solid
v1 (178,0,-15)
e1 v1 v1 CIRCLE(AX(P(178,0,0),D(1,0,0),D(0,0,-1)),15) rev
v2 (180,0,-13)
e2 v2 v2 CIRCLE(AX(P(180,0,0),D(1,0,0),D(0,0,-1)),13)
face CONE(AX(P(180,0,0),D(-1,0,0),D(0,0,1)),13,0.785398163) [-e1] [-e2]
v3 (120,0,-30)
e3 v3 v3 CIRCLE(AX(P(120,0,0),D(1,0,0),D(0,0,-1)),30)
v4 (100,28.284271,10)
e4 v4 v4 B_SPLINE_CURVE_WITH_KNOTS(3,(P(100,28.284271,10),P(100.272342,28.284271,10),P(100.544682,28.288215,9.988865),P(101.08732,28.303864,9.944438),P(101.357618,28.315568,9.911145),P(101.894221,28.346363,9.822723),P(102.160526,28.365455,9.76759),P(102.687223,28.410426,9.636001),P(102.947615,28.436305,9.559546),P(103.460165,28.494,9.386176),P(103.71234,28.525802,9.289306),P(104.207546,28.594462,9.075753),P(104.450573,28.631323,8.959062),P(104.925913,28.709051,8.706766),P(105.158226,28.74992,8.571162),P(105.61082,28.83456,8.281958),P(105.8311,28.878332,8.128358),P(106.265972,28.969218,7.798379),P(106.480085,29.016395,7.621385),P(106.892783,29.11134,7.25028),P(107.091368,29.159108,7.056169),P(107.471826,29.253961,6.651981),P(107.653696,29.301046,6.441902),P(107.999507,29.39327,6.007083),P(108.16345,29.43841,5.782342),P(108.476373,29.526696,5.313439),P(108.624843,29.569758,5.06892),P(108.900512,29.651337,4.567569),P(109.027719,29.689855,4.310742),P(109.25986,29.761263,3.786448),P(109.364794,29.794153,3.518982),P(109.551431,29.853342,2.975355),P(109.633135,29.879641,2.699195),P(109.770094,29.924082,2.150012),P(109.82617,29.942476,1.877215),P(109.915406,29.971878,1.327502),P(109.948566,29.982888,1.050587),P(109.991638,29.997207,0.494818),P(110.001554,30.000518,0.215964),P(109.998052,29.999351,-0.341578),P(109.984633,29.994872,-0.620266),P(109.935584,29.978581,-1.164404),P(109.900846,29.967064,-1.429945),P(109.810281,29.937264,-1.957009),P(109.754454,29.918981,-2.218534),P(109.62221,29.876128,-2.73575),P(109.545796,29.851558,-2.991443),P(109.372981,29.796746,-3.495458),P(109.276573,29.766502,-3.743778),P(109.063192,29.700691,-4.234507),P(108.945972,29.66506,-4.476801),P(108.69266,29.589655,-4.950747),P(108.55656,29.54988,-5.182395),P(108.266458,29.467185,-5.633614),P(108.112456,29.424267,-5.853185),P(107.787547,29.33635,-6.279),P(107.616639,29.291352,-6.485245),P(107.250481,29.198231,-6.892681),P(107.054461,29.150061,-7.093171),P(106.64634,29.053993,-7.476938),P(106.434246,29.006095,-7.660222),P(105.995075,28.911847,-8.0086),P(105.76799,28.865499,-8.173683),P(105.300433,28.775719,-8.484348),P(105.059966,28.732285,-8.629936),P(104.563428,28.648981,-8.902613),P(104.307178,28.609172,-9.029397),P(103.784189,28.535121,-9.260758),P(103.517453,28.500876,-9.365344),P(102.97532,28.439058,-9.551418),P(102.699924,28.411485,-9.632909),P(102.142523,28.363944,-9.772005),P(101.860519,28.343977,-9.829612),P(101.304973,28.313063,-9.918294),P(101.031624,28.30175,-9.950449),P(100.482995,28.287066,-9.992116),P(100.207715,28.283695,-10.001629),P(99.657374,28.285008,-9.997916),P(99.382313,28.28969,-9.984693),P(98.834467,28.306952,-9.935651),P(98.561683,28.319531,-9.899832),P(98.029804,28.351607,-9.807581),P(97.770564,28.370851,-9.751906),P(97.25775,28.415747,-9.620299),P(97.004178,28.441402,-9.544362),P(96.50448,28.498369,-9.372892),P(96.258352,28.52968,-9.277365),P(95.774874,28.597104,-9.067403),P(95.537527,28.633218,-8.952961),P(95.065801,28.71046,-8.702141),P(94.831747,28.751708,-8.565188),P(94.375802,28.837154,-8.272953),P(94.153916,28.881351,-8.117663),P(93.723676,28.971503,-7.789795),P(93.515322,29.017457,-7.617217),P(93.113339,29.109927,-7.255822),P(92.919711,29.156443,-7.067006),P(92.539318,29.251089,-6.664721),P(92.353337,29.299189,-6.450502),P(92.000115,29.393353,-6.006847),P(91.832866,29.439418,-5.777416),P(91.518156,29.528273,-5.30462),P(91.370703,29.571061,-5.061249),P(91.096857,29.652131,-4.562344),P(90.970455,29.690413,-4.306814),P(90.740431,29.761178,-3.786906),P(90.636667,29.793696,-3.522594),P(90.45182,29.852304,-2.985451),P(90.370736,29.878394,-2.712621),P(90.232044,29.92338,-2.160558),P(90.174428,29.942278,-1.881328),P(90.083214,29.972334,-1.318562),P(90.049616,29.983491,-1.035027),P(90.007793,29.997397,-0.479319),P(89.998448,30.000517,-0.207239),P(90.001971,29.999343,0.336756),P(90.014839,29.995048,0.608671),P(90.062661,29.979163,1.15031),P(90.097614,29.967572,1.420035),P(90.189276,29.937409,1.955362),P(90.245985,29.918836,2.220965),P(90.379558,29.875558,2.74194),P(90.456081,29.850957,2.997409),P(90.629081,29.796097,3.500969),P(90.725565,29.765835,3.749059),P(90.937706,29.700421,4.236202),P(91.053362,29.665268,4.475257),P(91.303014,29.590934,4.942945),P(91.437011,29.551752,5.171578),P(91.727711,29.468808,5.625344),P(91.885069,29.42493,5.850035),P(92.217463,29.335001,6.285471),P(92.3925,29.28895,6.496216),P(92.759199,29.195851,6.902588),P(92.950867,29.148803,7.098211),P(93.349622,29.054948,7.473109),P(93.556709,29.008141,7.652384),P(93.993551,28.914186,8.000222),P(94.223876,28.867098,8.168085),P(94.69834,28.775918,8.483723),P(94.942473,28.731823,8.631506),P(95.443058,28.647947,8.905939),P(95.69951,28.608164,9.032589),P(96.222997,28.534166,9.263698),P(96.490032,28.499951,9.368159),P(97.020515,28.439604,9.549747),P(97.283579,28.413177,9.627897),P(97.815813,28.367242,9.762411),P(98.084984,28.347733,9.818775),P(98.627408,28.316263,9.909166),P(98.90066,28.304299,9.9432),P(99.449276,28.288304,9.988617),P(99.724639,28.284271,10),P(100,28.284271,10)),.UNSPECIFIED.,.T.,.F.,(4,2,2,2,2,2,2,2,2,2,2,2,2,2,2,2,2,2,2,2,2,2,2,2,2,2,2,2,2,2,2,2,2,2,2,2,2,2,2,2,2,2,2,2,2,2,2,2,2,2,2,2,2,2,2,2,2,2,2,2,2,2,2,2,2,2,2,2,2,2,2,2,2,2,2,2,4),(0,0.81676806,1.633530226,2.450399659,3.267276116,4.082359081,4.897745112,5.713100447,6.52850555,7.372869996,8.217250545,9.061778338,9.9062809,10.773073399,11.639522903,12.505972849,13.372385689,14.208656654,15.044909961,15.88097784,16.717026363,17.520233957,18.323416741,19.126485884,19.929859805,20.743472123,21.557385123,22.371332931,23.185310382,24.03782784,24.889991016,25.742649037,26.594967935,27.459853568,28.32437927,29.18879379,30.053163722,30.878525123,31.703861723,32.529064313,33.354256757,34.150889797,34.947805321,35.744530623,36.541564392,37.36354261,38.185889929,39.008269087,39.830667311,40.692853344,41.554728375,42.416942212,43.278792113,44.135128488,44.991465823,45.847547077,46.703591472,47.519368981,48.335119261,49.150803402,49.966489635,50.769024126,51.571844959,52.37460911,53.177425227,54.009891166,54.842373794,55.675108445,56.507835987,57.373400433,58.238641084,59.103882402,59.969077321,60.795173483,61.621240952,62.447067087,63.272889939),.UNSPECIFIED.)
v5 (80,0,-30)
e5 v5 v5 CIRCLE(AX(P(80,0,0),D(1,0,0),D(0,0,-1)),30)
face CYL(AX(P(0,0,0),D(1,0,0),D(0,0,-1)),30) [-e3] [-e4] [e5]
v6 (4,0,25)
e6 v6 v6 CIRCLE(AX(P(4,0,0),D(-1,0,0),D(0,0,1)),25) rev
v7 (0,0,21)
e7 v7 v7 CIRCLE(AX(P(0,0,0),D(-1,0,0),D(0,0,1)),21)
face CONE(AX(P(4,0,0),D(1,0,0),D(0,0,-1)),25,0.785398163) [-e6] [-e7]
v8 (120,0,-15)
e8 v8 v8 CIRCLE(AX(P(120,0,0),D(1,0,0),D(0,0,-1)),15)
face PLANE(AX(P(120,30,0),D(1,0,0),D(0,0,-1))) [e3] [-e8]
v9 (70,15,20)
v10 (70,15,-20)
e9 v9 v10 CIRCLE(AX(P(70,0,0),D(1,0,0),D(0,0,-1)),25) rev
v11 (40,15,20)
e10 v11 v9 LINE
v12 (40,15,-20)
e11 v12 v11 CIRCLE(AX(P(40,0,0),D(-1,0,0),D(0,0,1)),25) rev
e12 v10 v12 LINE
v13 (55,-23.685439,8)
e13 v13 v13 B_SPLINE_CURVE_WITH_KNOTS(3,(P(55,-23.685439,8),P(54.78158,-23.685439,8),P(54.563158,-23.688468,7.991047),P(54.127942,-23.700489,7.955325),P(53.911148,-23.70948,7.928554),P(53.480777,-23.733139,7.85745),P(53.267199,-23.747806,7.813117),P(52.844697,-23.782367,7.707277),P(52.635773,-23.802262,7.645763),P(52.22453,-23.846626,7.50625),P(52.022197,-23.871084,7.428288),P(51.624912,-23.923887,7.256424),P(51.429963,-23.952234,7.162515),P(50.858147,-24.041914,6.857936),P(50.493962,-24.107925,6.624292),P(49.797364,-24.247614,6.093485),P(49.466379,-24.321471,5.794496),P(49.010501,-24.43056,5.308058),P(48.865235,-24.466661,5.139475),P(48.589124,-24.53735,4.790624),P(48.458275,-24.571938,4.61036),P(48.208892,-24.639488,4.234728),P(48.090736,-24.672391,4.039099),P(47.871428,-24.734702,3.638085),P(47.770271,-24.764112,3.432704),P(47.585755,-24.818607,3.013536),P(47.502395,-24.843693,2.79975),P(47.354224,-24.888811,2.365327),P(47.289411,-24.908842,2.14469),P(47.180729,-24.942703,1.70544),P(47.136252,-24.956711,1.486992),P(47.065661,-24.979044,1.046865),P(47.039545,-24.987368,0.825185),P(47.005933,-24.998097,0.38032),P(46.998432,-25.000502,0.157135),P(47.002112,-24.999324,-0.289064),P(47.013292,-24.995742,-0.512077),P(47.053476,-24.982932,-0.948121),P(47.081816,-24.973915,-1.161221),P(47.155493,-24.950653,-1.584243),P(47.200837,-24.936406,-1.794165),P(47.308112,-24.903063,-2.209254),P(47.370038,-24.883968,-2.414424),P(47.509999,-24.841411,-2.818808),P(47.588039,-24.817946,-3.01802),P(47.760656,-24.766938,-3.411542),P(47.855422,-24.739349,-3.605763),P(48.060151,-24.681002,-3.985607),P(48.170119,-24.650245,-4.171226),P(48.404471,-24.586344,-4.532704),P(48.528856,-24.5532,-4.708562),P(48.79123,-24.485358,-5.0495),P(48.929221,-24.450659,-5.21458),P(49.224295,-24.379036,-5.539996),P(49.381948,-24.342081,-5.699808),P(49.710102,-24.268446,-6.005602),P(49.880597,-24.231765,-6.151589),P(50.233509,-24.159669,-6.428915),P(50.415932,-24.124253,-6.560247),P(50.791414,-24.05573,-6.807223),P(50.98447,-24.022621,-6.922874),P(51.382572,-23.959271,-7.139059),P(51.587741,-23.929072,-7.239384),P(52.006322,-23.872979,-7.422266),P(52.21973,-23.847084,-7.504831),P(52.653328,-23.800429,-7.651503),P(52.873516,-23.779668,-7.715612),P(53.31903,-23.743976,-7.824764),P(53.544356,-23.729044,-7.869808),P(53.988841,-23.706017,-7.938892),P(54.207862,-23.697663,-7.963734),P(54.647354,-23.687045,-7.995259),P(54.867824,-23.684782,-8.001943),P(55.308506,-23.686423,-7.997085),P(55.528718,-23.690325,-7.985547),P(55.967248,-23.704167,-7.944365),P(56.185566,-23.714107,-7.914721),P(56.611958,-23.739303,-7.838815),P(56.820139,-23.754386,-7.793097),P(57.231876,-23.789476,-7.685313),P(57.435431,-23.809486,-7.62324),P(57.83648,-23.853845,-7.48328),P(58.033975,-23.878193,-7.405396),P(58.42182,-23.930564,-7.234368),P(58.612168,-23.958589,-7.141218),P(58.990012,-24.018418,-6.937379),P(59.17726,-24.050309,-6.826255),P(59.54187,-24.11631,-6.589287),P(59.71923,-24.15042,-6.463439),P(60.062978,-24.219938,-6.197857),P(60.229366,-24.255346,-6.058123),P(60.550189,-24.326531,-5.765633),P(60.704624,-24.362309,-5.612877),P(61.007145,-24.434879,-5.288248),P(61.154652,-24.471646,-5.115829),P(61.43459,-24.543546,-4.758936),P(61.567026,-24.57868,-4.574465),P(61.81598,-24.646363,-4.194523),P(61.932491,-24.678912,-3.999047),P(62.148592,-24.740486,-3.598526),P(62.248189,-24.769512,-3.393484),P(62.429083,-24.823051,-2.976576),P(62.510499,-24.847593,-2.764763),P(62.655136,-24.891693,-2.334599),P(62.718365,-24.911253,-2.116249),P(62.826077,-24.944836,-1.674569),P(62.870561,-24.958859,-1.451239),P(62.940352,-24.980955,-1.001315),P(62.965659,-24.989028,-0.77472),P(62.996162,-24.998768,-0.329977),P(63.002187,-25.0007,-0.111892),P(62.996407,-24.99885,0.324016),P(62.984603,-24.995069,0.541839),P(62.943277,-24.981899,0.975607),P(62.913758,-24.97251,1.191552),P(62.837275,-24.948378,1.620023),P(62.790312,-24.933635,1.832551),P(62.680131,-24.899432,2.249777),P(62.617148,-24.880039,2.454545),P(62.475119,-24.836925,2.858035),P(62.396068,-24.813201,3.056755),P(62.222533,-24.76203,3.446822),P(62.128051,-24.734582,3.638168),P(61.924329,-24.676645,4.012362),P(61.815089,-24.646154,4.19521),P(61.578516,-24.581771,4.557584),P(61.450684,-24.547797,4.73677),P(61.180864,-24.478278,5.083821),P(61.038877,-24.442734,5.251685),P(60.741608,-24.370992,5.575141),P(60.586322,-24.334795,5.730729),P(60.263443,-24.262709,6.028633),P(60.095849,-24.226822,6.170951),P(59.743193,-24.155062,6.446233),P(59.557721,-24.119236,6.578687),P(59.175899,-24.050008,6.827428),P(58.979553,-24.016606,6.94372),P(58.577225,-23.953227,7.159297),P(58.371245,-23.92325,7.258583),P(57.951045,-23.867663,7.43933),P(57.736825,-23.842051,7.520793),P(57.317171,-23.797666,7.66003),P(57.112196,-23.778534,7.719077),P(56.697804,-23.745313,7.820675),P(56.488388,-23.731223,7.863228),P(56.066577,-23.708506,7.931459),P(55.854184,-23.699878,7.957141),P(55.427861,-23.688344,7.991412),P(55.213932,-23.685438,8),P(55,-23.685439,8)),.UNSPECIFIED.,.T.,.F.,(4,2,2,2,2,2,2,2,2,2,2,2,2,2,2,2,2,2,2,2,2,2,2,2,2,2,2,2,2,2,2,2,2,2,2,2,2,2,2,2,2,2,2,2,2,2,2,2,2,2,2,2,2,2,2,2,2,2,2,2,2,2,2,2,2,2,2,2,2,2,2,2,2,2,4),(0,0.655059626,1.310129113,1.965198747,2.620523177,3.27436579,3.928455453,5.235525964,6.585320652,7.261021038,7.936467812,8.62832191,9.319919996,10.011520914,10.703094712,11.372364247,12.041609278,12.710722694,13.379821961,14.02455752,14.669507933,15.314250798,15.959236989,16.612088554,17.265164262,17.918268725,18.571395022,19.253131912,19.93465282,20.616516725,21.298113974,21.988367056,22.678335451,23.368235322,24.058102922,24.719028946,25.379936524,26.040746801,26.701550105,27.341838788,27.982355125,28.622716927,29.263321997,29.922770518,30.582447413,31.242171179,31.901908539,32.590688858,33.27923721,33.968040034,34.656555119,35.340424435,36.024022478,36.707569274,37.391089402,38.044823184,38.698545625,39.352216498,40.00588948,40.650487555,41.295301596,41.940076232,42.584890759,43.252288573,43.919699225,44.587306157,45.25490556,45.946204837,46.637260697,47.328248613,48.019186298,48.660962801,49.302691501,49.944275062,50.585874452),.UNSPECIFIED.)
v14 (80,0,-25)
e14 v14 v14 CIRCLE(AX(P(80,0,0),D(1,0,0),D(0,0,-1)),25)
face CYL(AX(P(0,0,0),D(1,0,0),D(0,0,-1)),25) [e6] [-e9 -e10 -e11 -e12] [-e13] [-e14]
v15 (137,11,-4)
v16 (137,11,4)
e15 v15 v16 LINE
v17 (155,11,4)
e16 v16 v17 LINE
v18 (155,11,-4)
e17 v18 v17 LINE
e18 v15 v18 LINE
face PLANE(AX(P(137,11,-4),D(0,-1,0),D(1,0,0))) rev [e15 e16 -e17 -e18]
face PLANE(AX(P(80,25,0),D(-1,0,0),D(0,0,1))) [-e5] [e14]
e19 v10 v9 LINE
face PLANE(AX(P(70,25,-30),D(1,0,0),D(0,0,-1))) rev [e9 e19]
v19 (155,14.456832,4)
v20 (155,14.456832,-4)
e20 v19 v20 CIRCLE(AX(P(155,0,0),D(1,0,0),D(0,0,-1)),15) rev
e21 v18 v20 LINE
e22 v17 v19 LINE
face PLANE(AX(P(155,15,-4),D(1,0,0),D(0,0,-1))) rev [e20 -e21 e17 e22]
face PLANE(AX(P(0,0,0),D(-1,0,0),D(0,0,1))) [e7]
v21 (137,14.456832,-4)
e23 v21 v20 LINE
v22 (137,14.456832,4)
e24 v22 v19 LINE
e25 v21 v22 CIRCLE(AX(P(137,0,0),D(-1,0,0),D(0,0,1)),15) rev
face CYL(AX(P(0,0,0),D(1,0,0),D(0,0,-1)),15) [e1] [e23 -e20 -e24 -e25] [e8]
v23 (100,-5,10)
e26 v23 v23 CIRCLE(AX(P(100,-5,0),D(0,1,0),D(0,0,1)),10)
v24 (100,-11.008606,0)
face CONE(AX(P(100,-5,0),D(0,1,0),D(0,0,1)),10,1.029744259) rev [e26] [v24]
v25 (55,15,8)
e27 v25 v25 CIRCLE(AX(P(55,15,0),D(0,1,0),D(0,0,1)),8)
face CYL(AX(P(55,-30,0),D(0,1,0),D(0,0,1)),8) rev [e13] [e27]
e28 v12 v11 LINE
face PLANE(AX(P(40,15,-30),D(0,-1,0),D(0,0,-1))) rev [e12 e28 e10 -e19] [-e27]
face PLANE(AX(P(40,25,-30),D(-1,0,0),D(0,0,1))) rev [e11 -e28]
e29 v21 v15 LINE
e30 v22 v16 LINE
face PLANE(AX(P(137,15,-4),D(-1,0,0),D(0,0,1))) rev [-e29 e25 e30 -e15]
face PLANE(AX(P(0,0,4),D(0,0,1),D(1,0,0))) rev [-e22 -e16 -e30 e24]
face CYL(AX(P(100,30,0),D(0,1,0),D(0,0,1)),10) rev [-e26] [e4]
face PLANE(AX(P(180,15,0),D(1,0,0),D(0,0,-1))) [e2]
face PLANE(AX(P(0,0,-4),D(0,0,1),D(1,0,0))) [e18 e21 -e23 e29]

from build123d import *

# Parameters (mm, degrees)
CUT_EXTRUDE_7_DEPTH         = 185.932420089
CUT_EXTRUDE_7_DEPTH_BACK    = 185.932420089
SKETCH_10_W                 = 30
SKETCH_10_H                 = 10
SKETCH_14_R                 = 8
CUT_EXTRUDE_8_DEPTH         = 188.949461292
SKETCH_6_W                  = 18
SKETCH_6_H                  = 4
CUT_EXTRUDE_4_DEPTH         = 4
HOLE_WIZARD_20_0_20_1_D     = 20
HOLE_WIZARD_20_0_20_1_DEPTH = 35
HOLE_WIZARD_20_0_20_1_TIP   = 6.00860619
CHAMFER_3_SIZE              = 2
CHAMFER_4_SIZE              = 4


with BuildPart() as part:
    # Эскиз1 → Повернуть1 (revolve)
    with BuildSketch(Plane.XY, mode=Mode.PRIVATE) as revolve_1_sk:
        Polygon((0, 0), (0, 25), (80, 25), (80, 30), (120, 30), (120, 15), (180, 15), (180, 0), align=None)
    revolve(revolve_1_sk.sketch.rotate(Axis((0, 0, 0), (-1, 0, 0)), 90), axis=Axis((0, 0, 0), (-1, 0, 0)))

    # Эскиз10 → Вырез-Вытянуть7 (cut, two sides: drawn at the far end of the back side and taken through both)
    with BuildSketch(Plane.XY.offset(-CUT_EXTRUDE_7_DEPTH_BACK)):
        with Locations((55, 20)):
            Rectangle(SKETCH_10_W, SKETCH_10_H)
    extrude(amount=CUT_EXTRUDE_7_DEPTH + CUT_EXTRUDE_7_DEPTH_BACK, mode=Mode.SUBTRACT)

    # Эскиз14 → Вырез-Вытянуть8 (cut, through all)
    with BuildSketch(Plane(origin=(0, 15, 0), x_dir=(1, 0, 0), z_dir=(0, 1, 0))):
        with Locations(Location((55, 0, 0), (0, 0, 270))):
            Circle(SKETCH_14_R)
    extrude(amount=-CUT_EXTRUDE_8_DEPTH, mode=Mode.SUBTRACT)

    # Эскиз6 → Вырез-Вытянуть4 (cut, symmetric)
    with BuildSketch(Plane.XY):
        with Locations((146, 13)):
            Rectangle(SKETCH_6_W, SKETCH_6_H)
    extrude(amount=CUT_EXTRUDE_4_DEPTH, both=True, mode=Mode.SUBTRACT)

    # Диаметр отверстия Ø20.0 (20)1
    with Locations(Plane(origin=(0, 30, 0), x_dir=(1, 0, 0), z_dir=(0, 1, 0))):
        with Locations((100, 0)):
            Hole(HOLE_WIZARD_20_0_20_1_D / 2, depth=HOLE_WIZARD_20_0_20_1_DEPTH)
            with Locations((0, 0, -(HOLE_WIZARD_20_0_20_1_DEPTH + HOLE_WIZARD_20_0_20_1_TIP / 2))):  # 118° drill point
                Cone(0, HOLE_WIZARD_20_0_20_1_D / 2, HOLE_WIZARD_20_0_20_1_TIP, mode=Mode.SUBTRACT)

    # Фаска3
    chamfer_3_edges = [part.edges().sort_by_distance(p)[0] for p in [
        (180, 0, 15),
    ]]
    chamfer(chamfer_3_edges, length=CHAMFER_3_SIZE)

    # Фаска4
    chamfer_4_edges = [part.edges().sort_by_distance(p)[0] for p in [
        (0, 0, 25),
    ]]
    chamfer(chamfer_4_edges, length=CHAMFER_4_SIZE)


solid = part.part
